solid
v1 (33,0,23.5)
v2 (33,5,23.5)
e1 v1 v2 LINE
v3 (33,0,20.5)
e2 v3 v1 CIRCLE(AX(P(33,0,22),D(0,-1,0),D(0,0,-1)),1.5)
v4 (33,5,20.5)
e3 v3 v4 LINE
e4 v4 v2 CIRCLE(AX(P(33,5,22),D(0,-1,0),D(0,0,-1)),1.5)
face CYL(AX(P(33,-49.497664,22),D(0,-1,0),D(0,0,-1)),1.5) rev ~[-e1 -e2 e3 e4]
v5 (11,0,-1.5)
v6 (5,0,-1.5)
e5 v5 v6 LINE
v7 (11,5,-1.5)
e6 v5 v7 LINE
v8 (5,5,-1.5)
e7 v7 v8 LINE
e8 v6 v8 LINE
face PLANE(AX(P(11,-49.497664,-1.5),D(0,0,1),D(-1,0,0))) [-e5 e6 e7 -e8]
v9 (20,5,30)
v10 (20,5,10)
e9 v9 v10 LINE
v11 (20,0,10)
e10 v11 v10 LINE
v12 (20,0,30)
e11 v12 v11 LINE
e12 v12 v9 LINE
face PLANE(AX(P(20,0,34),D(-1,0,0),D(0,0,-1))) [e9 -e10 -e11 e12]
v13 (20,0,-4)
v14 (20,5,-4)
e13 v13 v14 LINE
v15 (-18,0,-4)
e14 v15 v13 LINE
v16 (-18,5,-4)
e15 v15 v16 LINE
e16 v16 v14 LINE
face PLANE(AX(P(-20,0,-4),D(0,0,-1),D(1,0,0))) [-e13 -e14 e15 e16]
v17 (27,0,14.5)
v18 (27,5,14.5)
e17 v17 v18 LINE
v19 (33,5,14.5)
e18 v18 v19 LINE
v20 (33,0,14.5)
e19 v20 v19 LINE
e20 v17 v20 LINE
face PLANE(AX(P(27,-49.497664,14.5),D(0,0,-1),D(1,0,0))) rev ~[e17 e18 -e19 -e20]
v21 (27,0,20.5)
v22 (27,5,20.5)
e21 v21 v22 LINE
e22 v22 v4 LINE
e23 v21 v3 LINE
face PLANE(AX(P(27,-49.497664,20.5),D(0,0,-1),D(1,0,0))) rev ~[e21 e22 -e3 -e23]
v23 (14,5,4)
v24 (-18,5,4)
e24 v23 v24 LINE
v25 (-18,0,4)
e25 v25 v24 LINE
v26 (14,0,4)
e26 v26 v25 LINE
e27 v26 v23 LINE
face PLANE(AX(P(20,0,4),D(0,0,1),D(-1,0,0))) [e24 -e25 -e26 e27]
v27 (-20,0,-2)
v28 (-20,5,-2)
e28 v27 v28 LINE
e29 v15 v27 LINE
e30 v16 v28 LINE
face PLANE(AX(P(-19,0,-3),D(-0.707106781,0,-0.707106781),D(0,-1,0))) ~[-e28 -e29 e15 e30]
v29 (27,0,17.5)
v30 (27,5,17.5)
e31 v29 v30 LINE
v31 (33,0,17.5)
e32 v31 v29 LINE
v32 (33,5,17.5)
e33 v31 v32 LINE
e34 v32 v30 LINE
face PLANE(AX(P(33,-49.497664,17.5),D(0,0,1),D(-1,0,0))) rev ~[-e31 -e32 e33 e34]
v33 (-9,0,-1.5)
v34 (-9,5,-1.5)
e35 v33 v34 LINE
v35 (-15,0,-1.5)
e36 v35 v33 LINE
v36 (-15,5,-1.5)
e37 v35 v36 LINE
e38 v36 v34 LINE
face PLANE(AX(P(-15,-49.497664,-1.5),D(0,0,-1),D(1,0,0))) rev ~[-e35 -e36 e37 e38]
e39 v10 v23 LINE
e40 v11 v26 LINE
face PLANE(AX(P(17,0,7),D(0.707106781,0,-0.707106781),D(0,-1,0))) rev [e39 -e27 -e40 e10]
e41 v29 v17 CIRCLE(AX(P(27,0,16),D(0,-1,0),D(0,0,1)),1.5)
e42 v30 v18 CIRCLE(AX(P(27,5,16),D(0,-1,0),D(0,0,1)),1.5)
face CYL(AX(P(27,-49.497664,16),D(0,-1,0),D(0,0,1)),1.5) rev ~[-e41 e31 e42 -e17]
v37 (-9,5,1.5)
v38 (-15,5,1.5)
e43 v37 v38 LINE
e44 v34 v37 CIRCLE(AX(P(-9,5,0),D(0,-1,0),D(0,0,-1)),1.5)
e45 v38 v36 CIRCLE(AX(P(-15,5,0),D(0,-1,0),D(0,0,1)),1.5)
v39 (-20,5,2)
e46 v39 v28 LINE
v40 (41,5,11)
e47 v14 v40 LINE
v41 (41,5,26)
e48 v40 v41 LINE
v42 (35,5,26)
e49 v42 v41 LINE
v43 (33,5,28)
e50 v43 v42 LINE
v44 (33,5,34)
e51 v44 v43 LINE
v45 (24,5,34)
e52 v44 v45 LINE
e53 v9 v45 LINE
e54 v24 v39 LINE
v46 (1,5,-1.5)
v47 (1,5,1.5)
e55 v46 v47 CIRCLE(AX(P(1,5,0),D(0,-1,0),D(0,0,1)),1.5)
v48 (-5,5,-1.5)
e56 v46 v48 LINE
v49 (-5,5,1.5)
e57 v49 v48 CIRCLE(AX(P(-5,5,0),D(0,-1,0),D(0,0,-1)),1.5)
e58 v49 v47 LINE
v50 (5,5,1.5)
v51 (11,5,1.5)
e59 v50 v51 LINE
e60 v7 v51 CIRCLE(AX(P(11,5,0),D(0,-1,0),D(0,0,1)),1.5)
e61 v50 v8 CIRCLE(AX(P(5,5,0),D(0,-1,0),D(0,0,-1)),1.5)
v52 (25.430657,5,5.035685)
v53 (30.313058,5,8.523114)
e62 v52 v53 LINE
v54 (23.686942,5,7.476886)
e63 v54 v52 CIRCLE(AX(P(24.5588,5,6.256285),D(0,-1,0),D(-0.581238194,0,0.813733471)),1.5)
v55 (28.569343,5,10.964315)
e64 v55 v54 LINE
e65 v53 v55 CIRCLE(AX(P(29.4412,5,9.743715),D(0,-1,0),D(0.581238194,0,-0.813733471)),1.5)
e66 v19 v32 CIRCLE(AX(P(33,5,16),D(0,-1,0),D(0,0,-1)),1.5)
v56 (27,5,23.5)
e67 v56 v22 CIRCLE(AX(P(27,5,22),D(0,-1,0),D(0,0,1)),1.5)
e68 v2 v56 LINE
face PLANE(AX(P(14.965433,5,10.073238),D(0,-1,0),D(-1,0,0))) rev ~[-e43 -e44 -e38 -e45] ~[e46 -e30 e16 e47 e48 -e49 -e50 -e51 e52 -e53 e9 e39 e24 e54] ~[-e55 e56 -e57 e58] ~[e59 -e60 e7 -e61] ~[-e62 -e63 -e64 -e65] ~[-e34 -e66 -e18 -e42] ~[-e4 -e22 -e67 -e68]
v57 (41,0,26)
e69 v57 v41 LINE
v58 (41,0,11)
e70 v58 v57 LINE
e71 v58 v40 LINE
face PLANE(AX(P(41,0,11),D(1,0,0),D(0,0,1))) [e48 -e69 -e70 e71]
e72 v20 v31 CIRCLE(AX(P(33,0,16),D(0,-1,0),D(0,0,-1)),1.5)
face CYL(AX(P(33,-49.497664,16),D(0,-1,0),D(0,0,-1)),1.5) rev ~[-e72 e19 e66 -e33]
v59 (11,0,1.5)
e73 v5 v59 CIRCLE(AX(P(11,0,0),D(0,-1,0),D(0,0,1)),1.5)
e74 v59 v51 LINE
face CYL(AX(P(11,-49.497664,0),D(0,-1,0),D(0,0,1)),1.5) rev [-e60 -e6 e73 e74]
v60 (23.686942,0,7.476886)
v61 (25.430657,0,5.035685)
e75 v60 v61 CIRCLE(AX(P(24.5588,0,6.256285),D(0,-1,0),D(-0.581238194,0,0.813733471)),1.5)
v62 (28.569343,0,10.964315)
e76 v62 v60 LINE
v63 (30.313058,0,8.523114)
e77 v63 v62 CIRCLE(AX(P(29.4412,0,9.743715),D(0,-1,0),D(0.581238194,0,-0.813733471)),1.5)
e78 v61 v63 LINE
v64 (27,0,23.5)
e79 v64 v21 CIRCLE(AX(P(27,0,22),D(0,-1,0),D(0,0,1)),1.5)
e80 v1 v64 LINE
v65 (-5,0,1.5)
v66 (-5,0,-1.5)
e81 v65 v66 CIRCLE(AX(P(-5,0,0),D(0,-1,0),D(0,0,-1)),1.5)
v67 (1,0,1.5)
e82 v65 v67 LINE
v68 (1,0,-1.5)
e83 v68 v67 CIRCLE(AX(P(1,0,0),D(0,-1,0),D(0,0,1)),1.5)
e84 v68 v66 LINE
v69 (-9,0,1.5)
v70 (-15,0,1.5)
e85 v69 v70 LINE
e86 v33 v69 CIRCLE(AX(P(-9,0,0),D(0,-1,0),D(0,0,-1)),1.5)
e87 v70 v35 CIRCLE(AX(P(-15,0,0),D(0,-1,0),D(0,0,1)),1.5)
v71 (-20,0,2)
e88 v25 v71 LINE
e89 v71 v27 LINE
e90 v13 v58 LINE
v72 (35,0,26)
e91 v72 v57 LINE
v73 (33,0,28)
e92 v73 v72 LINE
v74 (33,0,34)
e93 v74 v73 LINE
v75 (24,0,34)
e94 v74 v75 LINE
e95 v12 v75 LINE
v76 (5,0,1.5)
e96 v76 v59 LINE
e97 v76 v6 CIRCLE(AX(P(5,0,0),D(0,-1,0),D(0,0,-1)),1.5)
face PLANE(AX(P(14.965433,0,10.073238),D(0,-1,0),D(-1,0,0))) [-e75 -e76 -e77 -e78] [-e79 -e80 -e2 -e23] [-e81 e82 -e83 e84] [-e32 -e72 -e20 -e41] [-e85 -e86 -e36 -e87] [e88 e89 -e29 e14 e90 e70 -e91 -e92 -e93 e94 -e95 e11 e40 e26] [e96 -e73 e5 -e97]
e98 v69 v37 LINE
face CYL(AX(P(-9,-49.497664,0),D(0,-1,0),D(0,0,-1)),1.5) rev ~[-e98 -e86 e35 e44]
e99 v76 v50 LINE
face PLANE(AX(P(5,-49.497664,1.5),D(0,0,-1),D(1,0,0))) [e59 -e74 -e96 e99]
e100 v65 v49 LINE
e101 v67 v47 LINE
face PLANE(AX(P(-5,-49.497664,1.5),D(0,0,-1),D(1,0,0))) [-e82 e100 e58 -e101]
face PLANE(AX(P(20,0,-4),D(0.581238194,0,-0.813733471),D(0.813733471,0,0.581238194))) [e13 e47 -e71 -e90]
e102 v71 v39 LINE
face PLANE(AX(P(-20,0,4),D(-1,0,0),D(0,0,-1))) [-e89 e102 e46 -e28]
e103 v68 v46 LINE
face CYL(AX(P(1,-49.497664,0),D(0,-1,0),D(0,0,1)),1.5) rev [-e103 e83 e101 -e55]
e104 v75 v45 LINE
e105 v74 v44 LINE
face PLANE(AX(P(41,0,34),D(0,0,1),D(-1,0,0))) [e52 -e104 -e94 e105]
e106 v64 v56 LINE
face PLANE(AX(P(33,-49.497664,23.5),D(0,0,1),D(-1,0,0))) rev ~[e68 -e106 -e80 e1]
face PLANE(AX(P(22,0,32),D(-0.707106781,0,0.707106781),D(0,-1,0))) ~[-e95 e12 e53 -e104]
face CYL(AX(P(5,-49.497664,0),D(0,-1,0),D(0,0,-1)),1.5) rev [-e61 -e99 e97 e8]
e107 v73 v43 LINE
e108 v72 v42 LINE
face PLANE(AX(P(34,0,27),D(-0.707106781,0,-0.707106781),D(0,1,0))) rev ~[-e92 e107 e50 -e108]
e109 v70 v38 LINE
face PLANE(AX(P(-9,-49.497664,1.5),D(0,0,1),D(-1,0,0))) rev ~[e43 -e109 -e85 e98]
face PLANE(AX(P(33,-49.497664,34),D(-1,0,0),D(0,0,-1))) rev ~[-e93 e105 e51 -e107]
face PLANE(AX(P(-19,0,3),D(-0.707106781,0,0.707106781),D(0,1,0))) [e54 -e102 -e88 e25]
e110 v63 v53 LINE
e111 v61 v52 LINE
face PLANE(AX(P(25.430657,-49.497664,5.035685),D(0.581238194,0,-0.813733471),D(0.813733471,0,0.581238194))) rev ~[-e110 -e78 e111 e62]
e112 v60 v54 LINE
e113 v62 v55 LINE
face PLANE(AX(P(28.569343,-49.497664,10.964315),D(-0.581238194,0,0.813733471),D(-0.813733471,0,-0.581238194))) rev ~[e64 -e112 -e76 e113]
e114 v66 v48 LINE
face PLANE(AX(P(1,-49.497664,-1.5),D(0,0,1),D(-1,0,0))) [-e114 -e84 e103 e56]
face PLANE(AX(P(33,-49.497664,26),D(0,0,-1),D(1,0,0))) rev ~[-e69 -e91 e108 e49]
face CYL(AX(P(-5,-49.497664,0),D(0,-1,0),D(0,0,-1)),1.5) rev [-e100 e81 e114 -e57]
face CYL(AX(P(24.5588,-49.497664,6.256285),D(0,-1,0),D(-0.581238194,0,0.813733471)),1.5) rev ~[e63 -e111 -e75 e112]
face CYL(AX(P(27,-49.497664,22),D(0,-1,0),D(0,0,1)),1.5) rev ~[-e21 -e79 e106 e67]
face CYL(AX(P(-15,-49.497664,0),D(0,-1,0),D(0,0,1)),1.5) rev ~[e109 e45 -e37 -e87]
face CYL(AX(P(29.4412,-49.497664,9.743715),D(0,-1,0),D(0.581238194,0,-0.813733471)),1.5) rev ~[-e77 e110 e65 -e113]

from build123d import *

# Parameters (mm, degrees)
EXTRUDE_1_DEPTH          = 5
CHAMFER_1_SIZE           = 6
CUT_EXTRUDE_1_DEPTH      = 54.4976635
CUT_EXTRUDE_1_DEPTH_BACK = 54.4976635
SKETCH_3_W               = 8
SKETCH_3_H               = 8
CHAMFER_2_SIZE           = 2
CHAMFER_3_SIZE           = 2
CHAMFER_4_SIZE           = 4


with BuildPart() as part:
    # 草图1 → 凸台-拉伸1 (new body)
    with BuildSketch(Plane(origin=(0, 0, 0), x_dir=(1, 0, 0), z_dir=(0, 1, 0))):
        Polygon((20, 4), (41, -11), (41, -34), (20, -34), (20, -4), (-20, -4), (-20, 4), align=None)
    extrude(amount=EXTRUDE_1_DEPTH)

    # 倒角1
    chamfer_1_edges = [part.edges().sort_by_distance(p)[0] for p in [
        (20, 2.5, 4),
    ]]
    chamfer(chamfer_1_edges, length=CHAMFER_1_SIZE)

    # 草图3 → 切除-拉伸1 (cut, two sides: drawn at the far end of the back side and taken through both)
    with BuildSketch(Plane(origin=(0, 5, 0), x_dir=(1, 0, 0), z_dir=(0, 1, 0)).offset(-CUT_EXTRUDE_1_DEPTH_BACK)):
        with BuildLine():
            Line((-15, 1.5), (-9, 1.5))
            ThreePointArc((-9, 1.5), (-7.5, 0), (-9, -1.5))
            Line((-9, -1.5), (-15, -1.5))
            ThreePointArc((-15, -1.5), (-16.5, 0), (-15, 1.5))
        make_face()
        with BuildLine():
            Line((-5, -1.5), (1, -1.5))
            ThreePointArc((1, -1.5), (2.5, 0), (1, 1.5))
            Line((1, 1.5), (-5, 1.5))
            ThreePointArc((-5, 1.5), (-6.5, 0), (-5, -1.5))
        make_face()
        with BuildLine():
            Line((5, -1.5), (11, -1.5))
            ThreePointArc((11, -1.5), (12.5, 0), (11, 1.5))
            Line((11, 1.5), (5, 1.5))
            ThreePointArc((5, 1.5), (3.5, 0), (5, -1.5))
        make_face()
        with BuildLine():
            Line((28.569343123, -10.964314788), (23.686942296, -7.476885626))
            ThreePointArc((23.686942296, -7.476885626), (23.33819938, -5.384428128), (25.430656877, -5.035685212))
            Line((25.430656877, -5.035685212), (30.313057704, -8.523114374))
            ThreePointArc((30.313057704, -8.523114374), (30.66180062, -10.615571872), (28.569343123, -10.964314788))
        make_face()
        with BuildLine():
            Line((27, -14.5), (33, -14.5))
            ThreePointArc((33, -14.5), (34.5, -16), (33, -17.5))
            Line((33, -17.5), (27, -17.5))
            ThreePointArc((27, -17.5), (25.5, -16), (27, -14.5))
        make_face()
        with Locations((37, -30)):
            Rectangle(SKETCH_3_W, SKETCH_3_H)
        with BuildLine():
            Line((27, -20.5), (33, -20.5))
            ThreePointArc((33, -20.5), (34.5, -22), (33, -23.5))
            Line((33, -23.5), (27, -23.5))
            ThreePointArc((27, -23.5), (25.5, -22), (27, -20.5))
        make_face()
    extrude(amount=CUT_EXTRUDE_1_DEPTH + CUT_EXTRUDE_1_DEPTH_BACK, mode=Mode.SUBTRACT)

    # 倒角2
    chamfer_2_edges = [part.edges().sort_by_distance(p)[0] for p in [
        (33, 2.5, 26),
    ]]
    chamfer(chamfer_2_edges, length=CHAMFER_2_SIZE)

    # 倒角3
    chamfer_3_edges = [part.edges().sort_by_distance(p)[0] for p in [
        (-20, 2.5, 4),
        (-20, 2.5, -4),
    ]]
    chamfer(chamfer_3_edges, length=CHAMFER_3_SIZE)

    # 倒角4
    chamfer_4_edges = [part.edges().sort_by_distance(p)[0] for p in [
        (20, 2.5, 34),
    ]]
    chamfer(chamfer_4_edges, length=CHAMFER_4_SIZE)


solid = part.part
